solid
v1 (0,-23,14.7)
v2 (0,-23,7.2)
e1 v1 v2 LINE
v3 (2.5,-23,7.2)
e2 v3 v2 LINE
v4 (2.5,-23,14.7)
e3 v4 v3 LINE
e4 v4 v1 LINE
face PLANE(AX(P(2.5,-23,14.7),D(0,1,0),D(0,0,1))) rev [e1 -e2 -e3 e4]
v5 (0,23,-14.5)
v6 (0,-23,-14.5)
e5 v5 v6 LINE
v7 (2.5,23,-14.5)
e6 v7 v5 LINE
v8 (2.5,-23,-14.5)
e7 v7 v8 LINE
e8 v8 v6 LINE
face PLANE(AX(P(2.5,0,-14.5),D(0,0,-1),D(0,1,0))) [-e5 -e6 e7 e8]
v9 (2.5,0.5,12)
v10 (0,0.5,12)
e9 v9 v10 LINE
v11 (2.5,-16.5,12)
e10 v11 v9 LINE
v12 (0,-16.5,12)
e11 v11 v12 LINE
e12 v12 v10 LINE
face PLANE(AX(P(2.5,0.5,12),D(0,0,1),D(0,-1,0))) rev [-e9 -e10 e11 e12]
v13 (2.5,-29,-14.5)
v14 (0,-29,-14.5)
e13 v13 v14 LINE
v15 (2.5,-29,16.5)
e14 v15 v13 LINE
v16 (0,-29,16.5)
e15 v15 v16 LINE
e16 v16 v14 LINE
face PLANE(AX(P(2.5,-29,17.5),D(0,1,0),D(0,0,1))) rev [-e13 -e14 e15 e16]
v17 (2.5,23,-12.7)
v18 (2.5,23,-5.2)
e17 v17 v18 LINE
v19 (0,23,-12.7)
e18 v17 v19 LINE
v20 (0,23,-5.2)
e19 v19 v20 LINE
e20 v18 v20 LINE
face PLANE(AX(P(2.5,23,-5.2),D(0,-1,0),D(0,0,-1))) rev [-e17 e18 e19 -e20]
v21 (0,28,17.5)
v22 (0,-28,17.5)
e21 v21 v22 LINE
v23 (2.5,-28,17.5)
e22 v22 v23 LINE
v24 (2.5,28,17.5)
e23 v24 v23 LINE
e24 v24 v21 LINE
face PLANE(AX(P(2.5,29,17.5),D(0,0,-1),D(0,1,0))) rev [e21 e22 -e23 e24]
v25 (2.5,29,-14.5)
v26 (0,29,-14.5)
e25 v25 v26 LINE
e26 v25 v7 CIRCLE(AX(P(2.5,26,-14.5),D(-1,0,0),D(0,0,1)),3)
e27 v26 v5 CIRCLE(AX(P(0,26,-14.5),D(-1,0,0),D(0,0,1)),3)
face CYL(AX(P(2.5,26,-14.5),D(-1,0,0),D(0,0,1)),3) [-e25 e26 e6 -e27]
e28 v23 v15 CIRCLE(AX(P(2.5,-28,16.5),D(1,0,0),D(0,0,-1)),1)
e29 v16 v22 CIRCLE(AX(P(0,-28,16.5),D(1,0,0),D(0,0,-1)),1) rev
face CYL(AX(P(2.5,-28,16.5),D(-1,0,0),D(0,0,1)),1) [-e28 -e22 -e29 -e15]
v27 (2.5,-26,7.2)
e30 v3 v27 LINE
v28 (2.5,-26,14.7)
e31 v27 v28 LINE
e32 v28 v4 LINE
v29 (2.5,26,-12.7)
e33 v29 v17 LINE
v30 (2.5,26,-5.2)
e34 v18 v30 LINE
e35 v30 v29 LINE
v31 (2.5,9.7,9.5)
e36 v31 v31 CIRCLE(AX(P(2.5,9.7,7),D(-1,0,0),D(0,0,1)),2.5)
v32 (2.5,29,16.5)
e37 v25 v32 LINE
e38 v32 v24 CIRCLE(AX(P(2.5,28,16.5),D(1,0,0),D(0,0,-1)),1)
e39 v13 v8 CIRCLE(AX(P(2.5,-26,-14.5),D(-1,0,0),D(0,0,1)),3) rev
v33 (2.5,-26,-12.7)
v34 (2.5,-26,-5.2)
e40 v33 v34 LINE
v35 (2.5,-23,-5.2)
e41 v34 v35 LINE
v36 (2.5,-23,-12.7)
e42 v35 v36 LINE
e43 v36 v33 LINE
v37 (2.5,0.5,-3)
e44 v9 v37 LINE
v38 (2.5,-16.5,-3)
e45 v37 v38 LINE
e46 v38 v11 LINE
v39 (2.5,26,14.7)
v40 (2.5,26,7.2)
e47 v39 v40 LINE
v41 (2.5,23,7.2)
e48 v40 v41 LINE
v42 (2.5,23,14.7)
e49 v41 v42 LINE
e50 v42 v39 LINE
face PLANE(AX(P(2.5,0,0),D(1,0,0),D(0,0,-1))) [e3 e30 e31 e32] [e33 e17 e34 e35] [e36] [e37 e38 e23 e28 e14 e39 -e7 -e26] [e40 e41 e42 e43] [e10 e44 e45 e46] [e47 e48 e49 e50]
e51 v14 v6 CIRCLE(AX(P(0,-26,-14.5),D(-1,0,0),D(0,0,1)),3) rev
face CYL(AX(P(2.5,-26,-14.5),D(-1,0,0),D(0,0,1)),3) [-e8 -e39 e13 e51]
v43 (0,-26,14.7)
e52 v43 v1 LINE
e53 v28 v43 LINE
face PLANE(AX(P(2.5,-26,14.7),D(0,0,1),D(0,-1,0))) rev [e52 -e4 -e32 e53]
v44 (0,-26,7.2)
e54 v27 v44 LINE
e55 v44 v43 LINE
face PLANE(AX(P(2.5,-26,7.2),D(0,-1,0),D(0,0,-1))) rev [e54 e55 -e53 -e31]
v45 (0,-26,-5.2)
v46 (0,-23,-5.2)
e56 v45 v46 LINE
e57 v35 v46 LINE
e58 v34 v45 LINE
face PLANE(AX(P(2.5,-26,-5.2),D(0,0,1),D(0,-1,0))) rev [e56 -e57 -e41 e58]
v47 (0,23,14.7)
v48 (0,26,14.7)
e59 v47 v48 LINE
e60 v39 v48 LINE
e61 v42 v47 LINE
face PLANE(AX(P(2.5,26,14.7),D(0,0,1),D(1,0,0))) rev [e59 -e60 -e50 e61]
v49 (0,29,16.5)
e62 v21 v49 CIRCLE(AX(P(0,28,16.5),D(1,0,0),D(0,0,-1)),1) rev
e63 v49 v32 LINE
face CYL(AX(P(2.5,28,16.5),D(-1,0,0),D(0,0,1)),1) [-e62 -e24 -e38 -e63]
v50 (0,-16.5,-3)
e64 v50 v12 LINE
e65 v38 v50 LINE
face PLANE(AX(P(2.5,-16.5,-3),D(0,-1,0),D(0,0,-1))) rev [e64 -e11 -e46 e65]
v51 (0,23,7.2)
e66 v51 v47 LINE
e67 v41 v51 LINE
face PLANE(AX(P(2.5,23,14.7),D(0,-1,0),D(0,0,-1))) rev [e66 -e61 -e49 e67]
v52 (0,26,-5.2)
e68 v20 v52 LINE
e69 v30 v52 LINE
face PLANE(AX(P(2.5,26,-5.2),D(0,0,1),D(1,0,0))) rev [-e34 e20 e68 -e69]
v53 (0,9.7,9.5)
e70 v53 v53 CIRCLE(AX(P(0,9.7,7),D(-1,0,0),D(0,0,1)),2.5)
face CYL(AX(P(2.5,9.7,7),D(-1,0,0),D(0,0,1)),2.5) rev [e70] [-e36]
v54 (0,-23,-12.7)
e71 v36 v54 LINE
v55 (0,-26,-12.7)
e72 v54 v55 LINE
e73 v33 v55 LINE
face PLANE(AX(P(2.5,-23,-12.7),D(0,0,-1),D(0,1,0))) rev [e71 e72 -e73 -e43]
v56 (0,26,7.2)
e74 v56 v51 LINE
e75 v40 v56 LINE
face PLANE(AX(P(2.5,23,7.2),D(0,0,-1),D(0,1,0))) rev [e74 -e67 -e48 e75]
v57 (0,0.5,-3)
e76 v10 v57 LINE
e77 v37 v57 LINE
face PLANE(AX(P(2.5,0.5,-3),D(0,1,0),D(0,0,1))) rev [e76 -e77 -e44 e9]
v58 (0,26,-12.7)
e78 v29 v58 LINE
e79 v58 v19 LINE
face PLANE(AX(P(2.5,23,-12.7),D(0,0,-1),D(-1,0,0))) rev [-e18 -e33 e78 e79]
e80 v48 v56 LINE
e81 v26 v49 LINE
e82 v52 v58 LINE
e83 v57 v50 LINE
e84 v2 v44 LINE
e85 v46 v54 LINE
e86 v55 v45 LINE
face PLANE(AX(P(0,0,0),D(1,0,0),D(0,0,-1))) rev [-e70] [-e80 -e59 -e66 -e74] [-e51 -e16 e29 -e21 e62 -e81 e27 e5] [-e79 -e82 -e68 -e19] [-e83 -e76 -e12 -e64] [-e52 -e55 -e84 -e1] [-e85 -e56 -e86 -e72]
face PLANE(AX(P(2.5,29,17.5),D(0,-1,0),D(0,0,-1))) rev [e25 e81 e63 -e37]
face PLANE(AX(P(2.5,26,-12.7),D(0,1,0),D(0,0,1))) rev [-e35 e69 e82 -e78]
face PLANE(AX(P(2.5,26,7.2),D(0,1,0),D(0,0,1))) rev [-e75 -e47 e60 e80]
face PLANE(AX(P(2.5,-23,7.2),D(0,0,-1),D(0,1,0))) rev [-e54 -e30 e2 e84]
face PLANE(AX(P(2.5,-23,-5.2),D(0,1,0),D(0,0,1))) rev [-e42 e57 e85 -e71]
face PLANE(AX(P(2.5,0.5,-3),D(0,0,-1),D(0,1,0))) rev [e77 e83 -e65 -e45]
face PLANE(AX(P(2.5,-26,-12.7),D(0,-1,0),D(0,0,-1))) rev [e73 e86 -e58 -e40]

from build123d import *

# Parameters (mm, degrees)
SKETCH_2_W          = 35
SKETCH_2_H          = 58
EXTRUDE_1_DEPTH     = 2.5
SKETCH_4_W          = 7.5
SKETCH_4_H          = 3
CUT_EXTRUDE_1_DEPTH = 3.5
CUT_EXTRUDE_2_DEPTH = 3.5
SKETCH_7_R          = 2.5
SKETCH_7_W          = 15
SKETCH_7_H          = 17
CUT_EXTRUDE_3_DEPTH = 3.5
FILLET_1_R          = 1


with BuildPart() as part:
    # 草图2 → 凸台-拉伸1 (new body)
    with BuildSketch(Plane(origin=(0, 0, 0), x_dir=(0, 0, -1), z_dir=(1, 0, 0))):
        Rectangle(SKETCH_2_W, SKETCH_2_H)
    extrude(amount=EXTRUDE_1_DEPTH)

    # 草图4 → 切除-拉伸1 (cut, through all)
    with BuildSketch(Plane.ZY):
        with Locations((-8.95, 24.5)):
            Rectangle(SKETCH_4_W, SKETCH_4_H)
        with Locations((10.95, 24.5)):
            Rectangle(SKETCH_4_W, SKETCH_4_H)
        with Locations((-8.95, -24.5)):
            Rectangle(SKETCH_4_W, SKETCH_4_H)
        with Locations((10.95, -24.5)):
            Rectangle(SKETCH_4_W, SKETCH_4_H)
    extrude(amount=-CUT_EXTRUDE_1_DEPTH, mode=Mode.SUBTRACT)

    # 草图5 → 切除-拉伸2 (cut, through all)
    with BuildSketch(Plane.ZY):
        with BuildLine():
            Line((-17.5, 29), (-17.5, 26.000000007))
            ThreePointArc((-17.5, 26.000000007), (-16.621320341, 28.121320346), (-14.5, 29))
            Line((-14.5, 29), (-17.5, 29))
        make_face()
        with BuildLine():
            Line((-14.5, 0), (-14.5, 23))
            ThreePointArc((-14.5, 23), (-16.621320346, 23.878679659), (-17.5, 26.000000007))
            Line((-17.5, 26.000000007), (-17.5, 0))
            Line((-17.5, 0), (-14.5, 0))
        make_face()
        with BuildLine():
            Line((-14.5, -23), (-14.5, 0))
            Line((-14.5, 0), (-17.5, 0))
            Line((-17.5, 0), (-17.5, -26))
            ThreePointArc((-17.5, -26), (-16.621320344, -23.878679656), (-14.5, -23))
        make_face()
        with BuildLine():
            ThreePointArc((-14.5, -29), (-16.621320344, -28.121320344), (-17.5, -26))
            Line((-17.5, -26), (-17.5, -29))
            Line((-17.5, -29), (-14.5, -29))
        make_face()
    extrude(amount=-CUT_EXTRUDE_2_DEPTH, mode=Mode.SUBTRACT)

    # 草图7 → 切除-拉伸3 (cut, through all)
    with BuildSketch(Plane.ZY):
        with Locations((7, 9.7)):
            Circle(SKETCH_7_R)
        with Locations((4.5, -8)):
            Rectangle(SKETCH_7_W, SKETCH_7_H)
    extrude(amount=-CUT_EXTRUDE_3_DEPTH, mode=Mode.SUBTRACT)

    # 圆角1
    fillet_1_edges = [part.edges().sort_by_distance(p)[0] for p in [
        (1.25, -29, 17.5),
        (1.25, 29, 17.5),
    ]]
    fillet(fillet_1_edges, radius=FILLET_1_R)


solid = part.part
